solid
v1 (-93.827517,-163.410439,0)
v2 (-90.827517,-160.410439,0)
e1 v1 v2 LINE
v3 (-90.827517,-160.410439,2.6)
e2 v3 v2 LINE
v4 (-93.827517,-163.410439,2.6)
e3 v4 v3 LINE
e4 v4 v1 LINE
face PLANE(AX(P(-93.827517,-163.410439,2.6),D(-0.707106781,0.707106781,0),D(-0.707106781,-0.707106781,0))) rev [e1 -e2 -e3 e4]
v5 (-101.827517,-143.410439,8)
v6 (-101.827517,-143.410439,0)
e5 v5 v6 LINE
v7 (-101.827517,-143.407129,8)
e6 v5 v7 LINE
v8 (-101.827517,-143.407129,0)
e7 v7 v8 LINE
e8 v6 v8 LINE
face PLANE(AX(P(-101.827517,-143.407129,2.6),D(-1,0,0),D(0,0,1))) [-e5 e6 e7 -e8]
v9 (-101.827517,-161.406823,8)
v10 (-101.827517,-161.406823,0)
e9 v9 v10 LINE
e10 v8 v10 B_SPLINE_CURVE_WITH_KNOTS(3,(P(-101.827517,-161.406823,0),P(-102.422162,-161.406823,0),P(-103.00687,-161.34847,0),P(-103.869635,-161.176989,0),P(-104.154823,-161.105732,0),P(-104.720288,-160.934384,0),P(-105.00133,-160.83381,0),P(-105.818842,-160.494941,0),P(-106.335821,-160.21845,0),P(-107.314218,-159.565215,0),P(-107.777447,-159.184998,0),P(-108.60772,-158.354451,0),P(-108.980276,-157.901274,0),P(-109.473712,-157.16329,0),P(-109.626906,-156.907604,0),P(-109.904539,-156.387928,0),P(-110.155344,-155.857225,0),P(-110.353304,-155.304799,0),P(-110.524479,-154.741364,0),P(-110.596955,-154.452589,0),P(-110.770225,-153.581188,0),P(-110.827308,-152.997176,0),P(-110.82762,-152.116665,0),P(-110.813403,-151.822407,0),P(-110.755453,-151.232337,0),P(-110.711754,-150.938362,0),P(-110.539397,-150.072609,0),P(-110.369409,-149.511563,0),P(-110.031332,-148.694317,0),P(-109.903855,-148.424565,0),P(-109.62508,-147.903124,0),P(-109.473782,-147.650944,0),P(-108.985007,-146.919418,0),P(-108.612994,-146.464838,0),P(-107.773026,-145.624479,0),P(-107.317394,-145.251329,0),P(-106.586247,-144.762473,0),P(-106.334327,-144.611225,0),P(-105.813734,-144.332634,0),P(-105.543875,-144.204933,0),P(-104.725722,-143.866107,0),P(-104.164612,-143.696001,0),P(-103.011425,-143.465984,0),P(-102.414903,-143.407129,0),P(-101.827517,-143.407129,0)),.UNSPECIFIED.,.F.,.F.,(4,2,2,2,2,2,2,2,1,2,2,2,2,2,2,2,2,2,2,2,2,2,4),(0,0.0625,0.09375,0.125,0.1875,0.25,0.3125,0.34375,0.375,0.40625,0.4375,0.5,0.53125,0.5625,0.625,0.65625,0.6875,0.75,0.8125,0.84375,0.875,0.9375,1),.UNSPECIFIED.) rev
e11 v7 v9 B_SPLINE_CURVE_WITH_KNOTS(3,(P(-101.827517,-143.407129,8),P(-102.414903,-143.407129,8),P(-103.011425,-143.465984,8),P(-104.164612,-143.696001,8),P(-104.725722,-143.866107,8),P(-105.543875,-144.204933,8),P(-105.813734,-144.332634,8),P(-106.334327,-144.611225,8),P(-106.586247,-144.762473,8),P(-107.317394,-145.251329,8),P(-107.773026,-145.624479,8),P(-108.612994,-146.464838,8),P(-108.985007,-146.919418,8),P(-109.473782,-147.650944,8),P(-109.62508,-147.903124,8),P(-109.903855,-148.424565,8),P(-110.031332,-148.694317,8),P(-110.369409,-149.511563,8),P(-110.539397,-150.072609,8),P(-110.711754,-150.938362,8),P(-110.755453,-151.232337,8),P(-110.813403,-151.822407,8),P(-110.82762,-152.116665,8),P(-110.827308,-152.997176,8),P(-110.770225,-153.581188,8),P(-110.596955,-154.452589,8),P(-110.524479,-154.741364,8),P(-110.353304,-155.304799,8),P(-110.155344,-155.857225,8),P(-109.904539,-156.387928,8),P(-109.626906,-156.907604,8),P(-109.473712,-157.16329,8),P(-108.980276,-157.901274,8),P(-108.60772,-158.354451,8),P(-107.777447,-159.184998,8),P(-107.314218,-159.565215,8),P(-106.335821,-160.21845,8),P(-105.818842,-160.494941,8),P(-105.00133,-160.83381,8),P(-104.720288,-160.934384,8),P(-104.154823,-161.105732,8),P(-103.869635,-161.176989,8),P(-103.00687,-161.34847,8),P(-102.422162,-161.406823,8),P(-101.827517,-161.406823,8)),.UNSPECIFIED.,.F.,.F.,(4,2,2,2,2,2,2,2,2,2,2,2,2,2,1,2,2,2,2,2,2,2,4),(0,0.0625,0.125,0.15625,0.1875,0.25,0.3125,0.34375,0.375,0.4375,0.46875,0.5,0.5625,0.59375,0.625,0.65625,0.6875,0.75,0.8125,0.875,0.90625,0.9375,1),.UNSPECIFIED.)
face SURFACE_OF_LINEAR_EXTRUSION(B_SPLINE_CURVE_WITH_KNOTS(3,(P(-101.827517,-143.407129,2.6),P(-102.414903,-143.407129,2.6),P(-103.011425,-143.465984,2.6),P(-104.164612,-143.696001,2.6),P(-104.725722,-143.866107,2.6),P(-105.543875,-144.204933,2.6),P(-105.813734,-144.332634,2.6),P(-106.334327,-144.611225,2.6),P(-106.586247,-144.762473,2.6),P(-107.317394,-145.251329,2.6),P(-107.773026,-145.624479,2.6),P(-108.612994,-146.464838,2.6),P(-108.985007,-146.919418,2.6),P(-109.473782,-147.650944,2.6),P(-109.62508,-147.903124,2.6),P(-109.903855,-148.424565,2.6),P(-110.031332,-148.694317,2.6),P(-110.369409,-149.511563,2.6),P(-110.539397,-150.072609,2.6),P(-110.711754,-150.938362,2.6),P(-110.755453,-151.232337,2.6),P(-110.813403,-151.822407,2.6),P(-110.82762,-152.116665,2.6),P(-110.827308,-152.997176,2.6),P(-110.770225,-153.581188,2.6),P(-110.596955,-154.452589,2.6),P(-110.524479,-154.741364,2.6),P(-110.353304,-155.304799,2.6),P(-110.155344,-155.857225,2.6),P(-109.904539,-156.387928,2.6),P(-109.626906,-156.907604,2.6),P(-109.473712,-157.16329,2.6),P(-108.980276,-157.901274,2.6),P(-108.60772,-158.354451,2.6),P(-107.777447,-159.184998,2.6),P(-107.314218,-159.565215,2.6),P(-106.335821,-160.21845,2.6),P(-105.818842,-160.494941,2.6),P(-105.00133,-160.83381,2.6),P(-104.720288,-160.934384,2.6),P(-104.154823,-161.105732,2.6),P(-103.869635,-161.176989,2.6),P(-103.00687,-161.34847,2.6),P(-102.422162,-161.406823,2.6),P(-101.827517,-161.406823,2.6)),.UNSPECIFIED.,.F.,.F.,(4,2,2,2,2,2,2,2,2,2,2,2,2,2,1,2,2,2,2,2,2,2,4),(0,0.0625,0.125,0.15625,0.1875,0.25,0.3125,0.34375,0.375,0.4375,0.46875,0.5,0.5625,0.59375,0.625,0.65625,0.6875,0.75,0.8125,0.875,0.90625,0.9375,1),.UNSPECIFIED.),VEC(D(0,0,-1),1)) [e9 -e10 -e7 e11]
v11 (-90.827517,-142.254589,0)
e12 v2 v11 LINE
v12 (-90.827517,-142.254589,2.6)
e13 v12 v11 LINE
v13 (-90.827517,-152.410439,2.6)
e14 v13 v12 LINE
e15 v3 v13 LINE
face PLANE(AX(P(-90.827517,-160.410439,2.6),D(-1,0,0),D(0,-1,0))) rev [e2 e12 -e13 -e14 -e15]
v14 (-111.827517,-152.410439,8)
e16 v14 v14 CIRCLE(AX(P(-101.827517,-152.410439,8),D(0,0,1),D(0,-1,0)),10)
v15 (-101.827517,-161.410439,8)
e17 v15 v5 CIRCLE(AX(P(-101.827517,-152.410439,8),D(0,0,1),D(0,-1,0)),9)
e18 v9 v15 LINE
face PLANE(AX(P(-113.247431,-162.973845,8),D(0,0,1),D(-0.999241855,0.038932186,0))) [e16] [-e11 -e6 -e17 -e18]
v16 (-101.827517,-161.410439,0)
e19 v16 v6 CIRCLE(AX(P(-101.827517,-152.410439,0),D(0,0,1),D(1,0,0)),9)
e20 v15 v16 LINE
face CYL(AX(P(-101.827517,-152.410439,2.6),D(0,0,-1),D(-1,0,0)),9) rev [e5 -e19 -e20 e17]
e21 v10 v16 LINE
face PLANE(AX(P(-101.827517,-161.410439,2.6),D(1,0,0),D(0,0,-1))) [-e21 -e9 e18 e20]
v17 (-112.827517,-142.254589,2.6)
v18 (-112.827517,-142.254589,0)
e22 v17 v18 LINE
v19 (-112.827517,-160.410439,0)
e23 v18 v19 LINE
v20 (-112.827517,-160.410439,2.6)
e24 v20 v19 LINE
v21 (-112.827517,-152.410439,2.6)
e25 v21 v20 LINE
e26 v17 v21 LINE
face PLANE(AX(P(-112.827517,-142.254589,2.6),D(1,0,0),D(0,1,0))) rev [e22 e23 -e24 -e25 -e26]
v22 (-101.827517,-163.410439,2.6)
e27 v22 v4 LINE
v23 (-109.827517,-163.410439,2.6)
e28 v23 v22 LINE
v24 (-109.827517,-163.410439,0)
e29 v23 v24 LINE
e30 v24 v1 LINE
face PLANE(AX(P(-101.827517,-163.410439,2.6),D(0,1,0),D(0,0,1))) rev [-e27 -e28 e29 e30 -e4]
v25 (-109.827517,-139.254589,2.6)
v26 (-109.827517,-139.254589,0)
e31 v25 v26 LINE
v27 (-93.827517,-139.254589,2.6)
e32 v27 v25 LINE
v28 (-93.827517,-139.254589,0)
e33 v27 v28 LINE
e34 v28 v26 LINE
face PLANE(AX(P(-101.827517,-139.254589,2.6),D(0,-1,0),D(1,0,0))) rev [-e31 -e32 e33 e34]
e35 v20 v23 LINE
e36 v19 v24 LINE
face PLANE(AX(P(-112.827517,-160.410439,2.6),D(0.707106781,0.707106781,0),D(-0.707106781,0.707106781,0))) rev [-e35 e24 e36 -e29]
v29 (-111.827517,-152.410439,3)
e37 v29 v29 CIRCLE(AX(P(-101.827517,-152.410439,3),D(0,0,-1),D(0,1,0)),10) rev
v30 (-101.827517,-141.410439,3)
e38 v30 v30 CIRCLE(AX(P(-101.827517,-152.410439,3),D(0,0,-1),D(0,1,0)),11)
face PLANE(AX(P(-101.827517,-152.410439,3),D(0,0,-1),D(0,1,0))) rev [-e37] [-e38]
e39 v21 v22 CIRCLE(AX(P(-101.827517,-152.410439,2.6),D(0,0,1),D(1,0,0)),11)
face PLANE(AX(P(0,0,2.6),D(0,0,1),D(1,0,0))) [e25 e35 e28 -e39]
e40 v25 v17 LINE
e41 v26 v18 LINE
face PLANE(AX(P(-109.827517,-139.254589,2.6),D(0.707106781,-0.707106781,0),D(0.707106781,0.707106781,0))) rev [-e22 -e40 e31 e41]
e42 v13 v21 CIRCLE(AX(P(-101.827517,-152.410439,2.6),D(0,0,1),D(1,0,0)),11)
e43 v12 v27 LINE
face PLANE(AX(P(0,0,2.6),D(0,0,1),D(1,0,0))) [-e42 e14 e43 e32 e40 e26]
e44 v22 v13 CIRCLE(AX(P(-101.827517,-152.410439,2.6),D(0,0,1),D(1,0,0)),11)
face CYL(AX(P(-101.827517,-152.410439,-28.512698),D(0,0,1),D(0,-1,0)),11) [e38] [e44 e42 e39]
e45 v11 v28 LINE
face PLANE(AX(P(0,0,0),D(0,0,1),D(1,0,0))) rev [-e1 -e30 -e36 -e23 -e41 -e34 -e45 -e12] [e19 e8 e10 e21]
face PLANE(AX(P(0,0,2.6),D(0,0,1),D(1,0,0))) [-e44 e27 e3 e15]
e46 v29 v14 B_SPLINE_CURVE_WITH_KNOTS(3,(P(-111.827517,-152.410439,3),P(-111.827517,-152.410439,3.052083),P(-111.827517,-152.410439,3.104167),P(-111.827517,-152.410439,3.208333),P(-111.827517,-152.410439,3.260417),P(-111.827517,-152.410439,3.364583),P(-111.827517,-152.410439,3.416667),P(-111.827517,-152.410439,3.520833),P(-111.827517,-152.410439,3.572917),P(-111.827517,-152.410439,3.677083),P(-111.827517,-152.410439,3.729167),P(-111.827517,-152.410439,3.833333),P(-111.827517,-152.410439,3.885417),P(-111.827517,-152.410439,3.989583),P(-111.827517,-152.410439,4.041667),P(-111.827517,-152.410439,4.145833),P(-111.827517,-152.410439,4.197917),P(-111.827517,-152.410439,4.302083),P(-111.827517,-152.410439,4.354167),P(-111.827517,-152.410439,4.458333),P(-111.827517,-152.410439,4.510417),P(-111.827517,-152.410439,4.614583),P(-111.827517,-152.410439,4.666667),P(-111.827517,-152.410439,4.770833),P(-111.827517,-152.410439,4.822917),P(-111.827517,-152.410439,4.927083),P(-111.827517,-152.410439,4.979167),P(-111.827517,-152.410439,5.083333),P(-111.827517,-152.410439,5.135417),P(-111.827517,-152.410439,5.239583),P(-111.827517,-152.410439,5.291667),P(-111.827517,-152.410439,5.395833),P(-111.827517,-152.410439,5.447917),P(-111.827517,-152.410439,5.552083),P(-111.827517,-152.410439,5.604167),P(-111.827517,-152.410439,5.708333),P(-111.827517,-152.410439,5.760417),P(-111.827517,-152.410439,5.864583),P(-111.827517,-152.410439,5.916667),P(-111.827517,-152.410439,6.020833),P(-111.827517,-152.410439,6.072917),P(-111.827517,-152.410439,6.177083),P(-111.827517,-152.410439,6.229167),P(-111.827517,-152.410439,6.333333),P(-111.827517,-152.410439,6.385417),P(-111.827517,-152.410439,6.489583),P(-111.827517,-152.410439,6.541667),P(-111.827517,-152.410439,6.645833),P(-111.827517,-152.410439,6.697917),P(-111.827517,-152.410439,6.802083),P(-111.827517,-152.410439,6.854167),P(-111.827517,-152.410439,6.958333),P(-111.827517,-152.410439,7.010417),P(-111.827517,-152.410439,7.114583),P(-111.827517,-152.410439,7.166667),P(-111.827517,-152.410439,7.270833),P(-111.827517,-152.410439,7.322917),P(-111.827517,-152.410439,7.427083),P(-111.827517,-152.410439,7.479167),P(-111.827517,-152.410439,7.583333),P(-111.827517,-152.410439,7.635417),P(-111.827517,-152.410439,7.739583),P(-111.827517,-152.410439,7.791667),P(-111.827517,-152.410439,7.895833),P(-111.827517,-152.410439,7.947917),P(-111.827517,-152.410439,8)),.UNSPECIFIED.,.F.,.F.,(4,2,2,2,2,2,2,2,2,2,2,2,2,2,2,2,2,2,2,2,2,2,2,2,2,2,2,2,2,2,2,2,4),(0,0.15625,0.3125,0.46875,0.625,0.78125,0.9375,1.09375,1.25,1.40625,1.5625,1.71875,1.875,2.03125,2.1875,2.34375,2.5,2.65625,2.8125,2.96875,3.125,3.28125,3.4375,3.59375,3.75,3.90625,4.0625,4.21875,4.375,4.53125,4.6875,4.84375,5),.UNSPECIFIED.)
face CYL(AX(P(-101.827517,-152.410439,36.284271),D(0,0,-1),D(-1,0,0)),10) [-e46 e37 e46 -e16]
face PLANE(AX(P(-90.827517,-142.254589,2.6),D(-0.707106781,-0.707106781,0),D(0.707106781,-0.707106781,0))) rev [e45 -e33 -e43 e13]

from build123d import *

# Parameters (mm, degrees)
BOSS_EXTRUDE1_DEPTH = 2.6
BOSS_EXTRUDE2_START = 0.4
SKETCH2_R           = 11
BOSS_EXTRUDE2_DEPTH = 0.4
SKETCH3_R           = 10
BOSS_EXTRUDE3_DEPTH = 5


with BuildPart() as part:
    # Sketch1 → Boss-Extrude1 (new body)
    with BuildSketch(Plane.XY):
        Polygon((-101.82751654, -139.254588807), (-109.82751654, -139.254588807), (-112.82751654, -142.254588807), (-112.82751654, -160.410438888), (-109.82751654, -163.410438888), (-101.82751654, -163.410438888), (-93.82751654, -163.410438888), (-90.82751654, -160.410438888), (-90.82751654, -142.254588807), (-93.82751654, -139.254588807), align=None)
        with BuildLine():
            Line((-101.82751654, -161.410438888), (-101.82751654, -161.406823358))
            add(Edge.make_bspline(
                [(-101.82751654, -161.406823358), (-102.422162271, -161.406823358), (-103.006870259, -161.348469799), (-103.869635205, -161.176988515), (-104.154822959, -161.1057322), (-104.720287744, -160.934384241), (-105.001330007, -160.833809548), (-105.818842439, -160.494941156), (-106.33582072, -160.218450477), (-107.314217622, -159.565215144), (-107.777447082, -159.184998049), (-108.607719596, -158.354451471), (-108.980275796, -157.901273798), (-109.473711648, -157.16329018), (-109.626905607, -156.907604181), (-109.904538968, -156.387928298), (-110.155344462, -155.857224862), (-110.353303759, -155.304799077), (-110.524479072, -154.741363777), (-110.596954867, -154.452589203), (-110.770224625, -153.581187835), (-110.827307979, -152.997176095), (-110.827619973, -152.116665053), (-110.813402769, -151.822407076), (-110.755453282, -151.232336564), (-110.711753861, -150.938362019), (-110.539397258, -150.07260899), (-110.369409104, -149.511563453), (-110.031331697, -148.69431731), (-109.903855236, -148.424565494), (-109.625080406, -147.903123691), (-109.473781689, -147.650944456), (-108.985007402, -146.919418072), (-108.612994329, -146.464837975), (-107.773025896, -145.624478569), (-107.317394389, -145.251329051), (-106.586246745, -144.762472579), (-106.334327243, -144.611225122), (-105.813734345, -144.33263421), (-105.543874944, -144.204932828), (-104.725722152, -143.866107062), (-104.164612328, -143.6960009), (-103.011425471, -143.465984444), (-102.414902795, -143.407128867), (-101.82751654, -143.407128867)],
                knots=[0, 0, 0, 0, 0.0625, 0.0625, 0.09375, 0.09375, 0.125, 0.125, 0.1875, 0.1875, 0.25, 0.25, 0.3125, 0.3125, 0.34375, 0.34375, 0.375, 0.40625, 0.40625, 0.4375, 0.4375, 0.5, 0.5, 0.53125, 0.53125, 0.5625, 0.5625, 0.625, 0.625, 0.65625, 0.65625, 0.6875, 0.6875, 0.75, 0.75, 0.8125, 0.8125, 0.84375, 0.84375, 0.875, 0.875, 0.9375, 0.9375, 1, 1, 1, 1], degree=3))
            Line((-101.82751654, -143.407128867), (-101.82751654, -143.410438888))
            ThreePointArc((-101.82751654, -143.410438888), (-92.82751654, -152.410438888), (-101.82751654, -161.410438888))
        make_face(mode=Mode.SUBTRACT)
    extrude(amount=BOSS_EXTRUDE1_DEPTH)

    # Sketch2 → Boss-Extrude2 (add)
    with BuildSketch(Plane(origin=(0, 0, 3), x_dir=(-1, 0, 0), z_dir=(0, 0, -1)).offset(BOSS_EXTRUDE2_START)):
        with Locations(Location((101.82751654, -152.410438888, 0), (0, 0, 270))):
            Circle(SKETCH2_R)
        with BuildLine():
            Line((101.82751654, -161.410438888), (101.82751654, -161.406823358))
            add(Edge.make_bspline(
                [(101.82751654, -161.406823358), (102.422162271, -161.406823358), (103.006870259, -161.348469799), (103.869635205, -161.176988515), (104.154822959, -161.1057322), (104.720287744, -160.934384241), (105.001330007, -160.833809548), (105.818842439, -160.494941156), (106.33582072, -160.218450477), (107.314217622, -159.565215144), (107.777447082, -159.184998049), (108.607719596, -158.354451471), (108.980275796, -157.901273798), (109.473711648, -157.16329018), (109.626905607, -156.907604181), (109.904538968, -156.387928298), (110.155344462, -155.857224862), (110.353303759, -155.304799077), (110.524479072, -154.741363777), (110.596954867, -154.452589203), (110.770224625, -153.581187835), (110.827307979, -152.997176095), (110.827619973, -152.116665053), (110.813402769, -151.822407076), (110.755453282, -151.232336564), (110.711753861, -150.938362019), (110.539397258, -150.07260899), (110.369409104, -149.511563453), (110.031331697, -148.69431731), (109.903855236, -148.424565494), (109.625080406, -147.903123691), (109.473781689, -147.650944456), (108.985007402, -146.919418072), (108.612994329, -146.464837975), (107.773025896, -145.624478569), (107.317394389, -145.251329051), (106.586246745, -144.762472579), (106.334327243, -144.611225122), (105.813734345, -144.33263421), (105.543874944, -144.204932828), (104.725722152, -143.866107062), (104.164612328, -143.6960009), (103.011425471, -143.465984444), (102.414902795, -143.407128867), (101.82751654, -143.407128867)],
                knots=[0, 0, 0, 0, 0.0625, 0.0625, 0.09375, 0.09375, 0.125, 0.125, 0.1875, 0.1875, 0.25, 0.25, 0.3125, 0.3125, 0.34375, 0.34375, 0.375, 0.40625, 0.40625, 0.4375, 0.4375, 0.5, 0.5, 0.53125, 0.53125, 0.5625, 0.5625, 0.625, 0.625, 0.65625, 0.65625, 0.6875, 0.6875, 0.75, 0.75, 0.8125, 0.8125, 0.84375, 0.84375, 0.875, 0.875, 0.9375, 0.9375, 1, 1, 1, 1], degree=3))
            Line((101.82751654, -143.407128867), (101.82751654, -143.410438888))
            ThreePointArc((101.82751654, -143.410438888), (92.82751654, -152.410438888), (101.82751654, -161.410438888))
        make_face(mode=Mode.SUBTRACT)
    extrude(amount=-BOSS_EXTRUDE2_DEPTH)

    # Sketch3 → Boss-Extrude3 (add)
    with BuildSketch(Plane.XY.offset(3)):
        with Locations(Location((-101.82751654, -152.410438888, 0), (0, 0, 180))):
            Circle(SKETCH3_R)
        with BuildLine():
            Line((-101.82751654, -161.406823358), (-101.82751654, -161.410438888))
            ThreePointArc((-101.82751654, -161.410438888), (-92.82751654, -152.410438888), (-101.82751654, -143.410438888))
            Line((-101.82751654, -143.410438888), (-101.82751654, -143.407128867))
            add(Edge.make_bspline(
                [(-101.82751654, -143.407128867), (-102.414902795, -143.407128867), (-103.011425471, -143.465984444), (-104.164612328, -143.6960009), (-104.725722152, -143.866107062), (-105.543874944, -144.204932828), (-105.813734345, -144.33263421), (-106.334327243, -144.611225122), (-106.586246745, -144.762472579), (-107.317394389, -145.251329051), (-107.773025896, -145.624478569), (-108.612994329, -146.464837975), (-108.985007402, -146.919418072), (-109.473781689, -147.650944456), (-109.625080406, -147.903123691), (-109.903855236, -148.424565494), (-110.031331697, -148.69431731), (-110.369409104, -149.511563453), (-110.539397258, -150.07260899), (-110.711753861, -150.938362019), (-110.755453282, -151.232336564), (-110.813402769, -151.822407076), (-110.827619973, -152.116665053), (-110.827307979, -152.997176095), (-110.770224625, -153.581187835), (-110.596954867, -154.452589203), (-110.524479072, -154.741363777), (-110.353303759, -155.304799077), (-110.155344462, -155.857224862), (-109.904538968, -156.387928298), (-109.626905607, -156.907604181), (-109.473711648, -157.16329018), (-108.980275796, -157.901273798), (-108.607719596, -158.354451471), (-107.777447082, -159.184998049), (-107.314217622, -159.565215144), (-106.33582072, -160.218450477), (-105.818842439, -160.494941156), (-105.001330007, -160.833809548), (-104.720287744, -160.934384241), (-104.154822959, -161.1057322), (-103.869635205, -161.176988515), (-103.006870259, -161.348469799), (-102.422162271, -161.406823358), (-101.82751654, -161.406823358)],
                knots=[0, 0, 0, 0, 0.0625, 0.0625, 0.125, 0.125, 0.15625, 0.15625, 0.1875, 0.1875, 0.25, 0.25, 0.3125, 0.3125, 0.34375, 0.34375, 0.375, 0.375, 0.4375, 0.4375, 0.46875, 0.46875, 0.5, 0.5, 0.5625, 0.5625, 0.59375, 0.59375, 0.625, 0.65625, 0.65625, 0.6875, 0.6875, 0.75, 0.75, 0.8125, 0.8125, 0.875, 0.875, 0.90625, 0.90625, 0.9375, 0.9375, 1, 1, 1, 1], degree=3))
        make_face(mode=Mode.SUBTRACT)
    extrude(amount=BOSS_EXTRUDE3_DEPTH)


solid = part.part
